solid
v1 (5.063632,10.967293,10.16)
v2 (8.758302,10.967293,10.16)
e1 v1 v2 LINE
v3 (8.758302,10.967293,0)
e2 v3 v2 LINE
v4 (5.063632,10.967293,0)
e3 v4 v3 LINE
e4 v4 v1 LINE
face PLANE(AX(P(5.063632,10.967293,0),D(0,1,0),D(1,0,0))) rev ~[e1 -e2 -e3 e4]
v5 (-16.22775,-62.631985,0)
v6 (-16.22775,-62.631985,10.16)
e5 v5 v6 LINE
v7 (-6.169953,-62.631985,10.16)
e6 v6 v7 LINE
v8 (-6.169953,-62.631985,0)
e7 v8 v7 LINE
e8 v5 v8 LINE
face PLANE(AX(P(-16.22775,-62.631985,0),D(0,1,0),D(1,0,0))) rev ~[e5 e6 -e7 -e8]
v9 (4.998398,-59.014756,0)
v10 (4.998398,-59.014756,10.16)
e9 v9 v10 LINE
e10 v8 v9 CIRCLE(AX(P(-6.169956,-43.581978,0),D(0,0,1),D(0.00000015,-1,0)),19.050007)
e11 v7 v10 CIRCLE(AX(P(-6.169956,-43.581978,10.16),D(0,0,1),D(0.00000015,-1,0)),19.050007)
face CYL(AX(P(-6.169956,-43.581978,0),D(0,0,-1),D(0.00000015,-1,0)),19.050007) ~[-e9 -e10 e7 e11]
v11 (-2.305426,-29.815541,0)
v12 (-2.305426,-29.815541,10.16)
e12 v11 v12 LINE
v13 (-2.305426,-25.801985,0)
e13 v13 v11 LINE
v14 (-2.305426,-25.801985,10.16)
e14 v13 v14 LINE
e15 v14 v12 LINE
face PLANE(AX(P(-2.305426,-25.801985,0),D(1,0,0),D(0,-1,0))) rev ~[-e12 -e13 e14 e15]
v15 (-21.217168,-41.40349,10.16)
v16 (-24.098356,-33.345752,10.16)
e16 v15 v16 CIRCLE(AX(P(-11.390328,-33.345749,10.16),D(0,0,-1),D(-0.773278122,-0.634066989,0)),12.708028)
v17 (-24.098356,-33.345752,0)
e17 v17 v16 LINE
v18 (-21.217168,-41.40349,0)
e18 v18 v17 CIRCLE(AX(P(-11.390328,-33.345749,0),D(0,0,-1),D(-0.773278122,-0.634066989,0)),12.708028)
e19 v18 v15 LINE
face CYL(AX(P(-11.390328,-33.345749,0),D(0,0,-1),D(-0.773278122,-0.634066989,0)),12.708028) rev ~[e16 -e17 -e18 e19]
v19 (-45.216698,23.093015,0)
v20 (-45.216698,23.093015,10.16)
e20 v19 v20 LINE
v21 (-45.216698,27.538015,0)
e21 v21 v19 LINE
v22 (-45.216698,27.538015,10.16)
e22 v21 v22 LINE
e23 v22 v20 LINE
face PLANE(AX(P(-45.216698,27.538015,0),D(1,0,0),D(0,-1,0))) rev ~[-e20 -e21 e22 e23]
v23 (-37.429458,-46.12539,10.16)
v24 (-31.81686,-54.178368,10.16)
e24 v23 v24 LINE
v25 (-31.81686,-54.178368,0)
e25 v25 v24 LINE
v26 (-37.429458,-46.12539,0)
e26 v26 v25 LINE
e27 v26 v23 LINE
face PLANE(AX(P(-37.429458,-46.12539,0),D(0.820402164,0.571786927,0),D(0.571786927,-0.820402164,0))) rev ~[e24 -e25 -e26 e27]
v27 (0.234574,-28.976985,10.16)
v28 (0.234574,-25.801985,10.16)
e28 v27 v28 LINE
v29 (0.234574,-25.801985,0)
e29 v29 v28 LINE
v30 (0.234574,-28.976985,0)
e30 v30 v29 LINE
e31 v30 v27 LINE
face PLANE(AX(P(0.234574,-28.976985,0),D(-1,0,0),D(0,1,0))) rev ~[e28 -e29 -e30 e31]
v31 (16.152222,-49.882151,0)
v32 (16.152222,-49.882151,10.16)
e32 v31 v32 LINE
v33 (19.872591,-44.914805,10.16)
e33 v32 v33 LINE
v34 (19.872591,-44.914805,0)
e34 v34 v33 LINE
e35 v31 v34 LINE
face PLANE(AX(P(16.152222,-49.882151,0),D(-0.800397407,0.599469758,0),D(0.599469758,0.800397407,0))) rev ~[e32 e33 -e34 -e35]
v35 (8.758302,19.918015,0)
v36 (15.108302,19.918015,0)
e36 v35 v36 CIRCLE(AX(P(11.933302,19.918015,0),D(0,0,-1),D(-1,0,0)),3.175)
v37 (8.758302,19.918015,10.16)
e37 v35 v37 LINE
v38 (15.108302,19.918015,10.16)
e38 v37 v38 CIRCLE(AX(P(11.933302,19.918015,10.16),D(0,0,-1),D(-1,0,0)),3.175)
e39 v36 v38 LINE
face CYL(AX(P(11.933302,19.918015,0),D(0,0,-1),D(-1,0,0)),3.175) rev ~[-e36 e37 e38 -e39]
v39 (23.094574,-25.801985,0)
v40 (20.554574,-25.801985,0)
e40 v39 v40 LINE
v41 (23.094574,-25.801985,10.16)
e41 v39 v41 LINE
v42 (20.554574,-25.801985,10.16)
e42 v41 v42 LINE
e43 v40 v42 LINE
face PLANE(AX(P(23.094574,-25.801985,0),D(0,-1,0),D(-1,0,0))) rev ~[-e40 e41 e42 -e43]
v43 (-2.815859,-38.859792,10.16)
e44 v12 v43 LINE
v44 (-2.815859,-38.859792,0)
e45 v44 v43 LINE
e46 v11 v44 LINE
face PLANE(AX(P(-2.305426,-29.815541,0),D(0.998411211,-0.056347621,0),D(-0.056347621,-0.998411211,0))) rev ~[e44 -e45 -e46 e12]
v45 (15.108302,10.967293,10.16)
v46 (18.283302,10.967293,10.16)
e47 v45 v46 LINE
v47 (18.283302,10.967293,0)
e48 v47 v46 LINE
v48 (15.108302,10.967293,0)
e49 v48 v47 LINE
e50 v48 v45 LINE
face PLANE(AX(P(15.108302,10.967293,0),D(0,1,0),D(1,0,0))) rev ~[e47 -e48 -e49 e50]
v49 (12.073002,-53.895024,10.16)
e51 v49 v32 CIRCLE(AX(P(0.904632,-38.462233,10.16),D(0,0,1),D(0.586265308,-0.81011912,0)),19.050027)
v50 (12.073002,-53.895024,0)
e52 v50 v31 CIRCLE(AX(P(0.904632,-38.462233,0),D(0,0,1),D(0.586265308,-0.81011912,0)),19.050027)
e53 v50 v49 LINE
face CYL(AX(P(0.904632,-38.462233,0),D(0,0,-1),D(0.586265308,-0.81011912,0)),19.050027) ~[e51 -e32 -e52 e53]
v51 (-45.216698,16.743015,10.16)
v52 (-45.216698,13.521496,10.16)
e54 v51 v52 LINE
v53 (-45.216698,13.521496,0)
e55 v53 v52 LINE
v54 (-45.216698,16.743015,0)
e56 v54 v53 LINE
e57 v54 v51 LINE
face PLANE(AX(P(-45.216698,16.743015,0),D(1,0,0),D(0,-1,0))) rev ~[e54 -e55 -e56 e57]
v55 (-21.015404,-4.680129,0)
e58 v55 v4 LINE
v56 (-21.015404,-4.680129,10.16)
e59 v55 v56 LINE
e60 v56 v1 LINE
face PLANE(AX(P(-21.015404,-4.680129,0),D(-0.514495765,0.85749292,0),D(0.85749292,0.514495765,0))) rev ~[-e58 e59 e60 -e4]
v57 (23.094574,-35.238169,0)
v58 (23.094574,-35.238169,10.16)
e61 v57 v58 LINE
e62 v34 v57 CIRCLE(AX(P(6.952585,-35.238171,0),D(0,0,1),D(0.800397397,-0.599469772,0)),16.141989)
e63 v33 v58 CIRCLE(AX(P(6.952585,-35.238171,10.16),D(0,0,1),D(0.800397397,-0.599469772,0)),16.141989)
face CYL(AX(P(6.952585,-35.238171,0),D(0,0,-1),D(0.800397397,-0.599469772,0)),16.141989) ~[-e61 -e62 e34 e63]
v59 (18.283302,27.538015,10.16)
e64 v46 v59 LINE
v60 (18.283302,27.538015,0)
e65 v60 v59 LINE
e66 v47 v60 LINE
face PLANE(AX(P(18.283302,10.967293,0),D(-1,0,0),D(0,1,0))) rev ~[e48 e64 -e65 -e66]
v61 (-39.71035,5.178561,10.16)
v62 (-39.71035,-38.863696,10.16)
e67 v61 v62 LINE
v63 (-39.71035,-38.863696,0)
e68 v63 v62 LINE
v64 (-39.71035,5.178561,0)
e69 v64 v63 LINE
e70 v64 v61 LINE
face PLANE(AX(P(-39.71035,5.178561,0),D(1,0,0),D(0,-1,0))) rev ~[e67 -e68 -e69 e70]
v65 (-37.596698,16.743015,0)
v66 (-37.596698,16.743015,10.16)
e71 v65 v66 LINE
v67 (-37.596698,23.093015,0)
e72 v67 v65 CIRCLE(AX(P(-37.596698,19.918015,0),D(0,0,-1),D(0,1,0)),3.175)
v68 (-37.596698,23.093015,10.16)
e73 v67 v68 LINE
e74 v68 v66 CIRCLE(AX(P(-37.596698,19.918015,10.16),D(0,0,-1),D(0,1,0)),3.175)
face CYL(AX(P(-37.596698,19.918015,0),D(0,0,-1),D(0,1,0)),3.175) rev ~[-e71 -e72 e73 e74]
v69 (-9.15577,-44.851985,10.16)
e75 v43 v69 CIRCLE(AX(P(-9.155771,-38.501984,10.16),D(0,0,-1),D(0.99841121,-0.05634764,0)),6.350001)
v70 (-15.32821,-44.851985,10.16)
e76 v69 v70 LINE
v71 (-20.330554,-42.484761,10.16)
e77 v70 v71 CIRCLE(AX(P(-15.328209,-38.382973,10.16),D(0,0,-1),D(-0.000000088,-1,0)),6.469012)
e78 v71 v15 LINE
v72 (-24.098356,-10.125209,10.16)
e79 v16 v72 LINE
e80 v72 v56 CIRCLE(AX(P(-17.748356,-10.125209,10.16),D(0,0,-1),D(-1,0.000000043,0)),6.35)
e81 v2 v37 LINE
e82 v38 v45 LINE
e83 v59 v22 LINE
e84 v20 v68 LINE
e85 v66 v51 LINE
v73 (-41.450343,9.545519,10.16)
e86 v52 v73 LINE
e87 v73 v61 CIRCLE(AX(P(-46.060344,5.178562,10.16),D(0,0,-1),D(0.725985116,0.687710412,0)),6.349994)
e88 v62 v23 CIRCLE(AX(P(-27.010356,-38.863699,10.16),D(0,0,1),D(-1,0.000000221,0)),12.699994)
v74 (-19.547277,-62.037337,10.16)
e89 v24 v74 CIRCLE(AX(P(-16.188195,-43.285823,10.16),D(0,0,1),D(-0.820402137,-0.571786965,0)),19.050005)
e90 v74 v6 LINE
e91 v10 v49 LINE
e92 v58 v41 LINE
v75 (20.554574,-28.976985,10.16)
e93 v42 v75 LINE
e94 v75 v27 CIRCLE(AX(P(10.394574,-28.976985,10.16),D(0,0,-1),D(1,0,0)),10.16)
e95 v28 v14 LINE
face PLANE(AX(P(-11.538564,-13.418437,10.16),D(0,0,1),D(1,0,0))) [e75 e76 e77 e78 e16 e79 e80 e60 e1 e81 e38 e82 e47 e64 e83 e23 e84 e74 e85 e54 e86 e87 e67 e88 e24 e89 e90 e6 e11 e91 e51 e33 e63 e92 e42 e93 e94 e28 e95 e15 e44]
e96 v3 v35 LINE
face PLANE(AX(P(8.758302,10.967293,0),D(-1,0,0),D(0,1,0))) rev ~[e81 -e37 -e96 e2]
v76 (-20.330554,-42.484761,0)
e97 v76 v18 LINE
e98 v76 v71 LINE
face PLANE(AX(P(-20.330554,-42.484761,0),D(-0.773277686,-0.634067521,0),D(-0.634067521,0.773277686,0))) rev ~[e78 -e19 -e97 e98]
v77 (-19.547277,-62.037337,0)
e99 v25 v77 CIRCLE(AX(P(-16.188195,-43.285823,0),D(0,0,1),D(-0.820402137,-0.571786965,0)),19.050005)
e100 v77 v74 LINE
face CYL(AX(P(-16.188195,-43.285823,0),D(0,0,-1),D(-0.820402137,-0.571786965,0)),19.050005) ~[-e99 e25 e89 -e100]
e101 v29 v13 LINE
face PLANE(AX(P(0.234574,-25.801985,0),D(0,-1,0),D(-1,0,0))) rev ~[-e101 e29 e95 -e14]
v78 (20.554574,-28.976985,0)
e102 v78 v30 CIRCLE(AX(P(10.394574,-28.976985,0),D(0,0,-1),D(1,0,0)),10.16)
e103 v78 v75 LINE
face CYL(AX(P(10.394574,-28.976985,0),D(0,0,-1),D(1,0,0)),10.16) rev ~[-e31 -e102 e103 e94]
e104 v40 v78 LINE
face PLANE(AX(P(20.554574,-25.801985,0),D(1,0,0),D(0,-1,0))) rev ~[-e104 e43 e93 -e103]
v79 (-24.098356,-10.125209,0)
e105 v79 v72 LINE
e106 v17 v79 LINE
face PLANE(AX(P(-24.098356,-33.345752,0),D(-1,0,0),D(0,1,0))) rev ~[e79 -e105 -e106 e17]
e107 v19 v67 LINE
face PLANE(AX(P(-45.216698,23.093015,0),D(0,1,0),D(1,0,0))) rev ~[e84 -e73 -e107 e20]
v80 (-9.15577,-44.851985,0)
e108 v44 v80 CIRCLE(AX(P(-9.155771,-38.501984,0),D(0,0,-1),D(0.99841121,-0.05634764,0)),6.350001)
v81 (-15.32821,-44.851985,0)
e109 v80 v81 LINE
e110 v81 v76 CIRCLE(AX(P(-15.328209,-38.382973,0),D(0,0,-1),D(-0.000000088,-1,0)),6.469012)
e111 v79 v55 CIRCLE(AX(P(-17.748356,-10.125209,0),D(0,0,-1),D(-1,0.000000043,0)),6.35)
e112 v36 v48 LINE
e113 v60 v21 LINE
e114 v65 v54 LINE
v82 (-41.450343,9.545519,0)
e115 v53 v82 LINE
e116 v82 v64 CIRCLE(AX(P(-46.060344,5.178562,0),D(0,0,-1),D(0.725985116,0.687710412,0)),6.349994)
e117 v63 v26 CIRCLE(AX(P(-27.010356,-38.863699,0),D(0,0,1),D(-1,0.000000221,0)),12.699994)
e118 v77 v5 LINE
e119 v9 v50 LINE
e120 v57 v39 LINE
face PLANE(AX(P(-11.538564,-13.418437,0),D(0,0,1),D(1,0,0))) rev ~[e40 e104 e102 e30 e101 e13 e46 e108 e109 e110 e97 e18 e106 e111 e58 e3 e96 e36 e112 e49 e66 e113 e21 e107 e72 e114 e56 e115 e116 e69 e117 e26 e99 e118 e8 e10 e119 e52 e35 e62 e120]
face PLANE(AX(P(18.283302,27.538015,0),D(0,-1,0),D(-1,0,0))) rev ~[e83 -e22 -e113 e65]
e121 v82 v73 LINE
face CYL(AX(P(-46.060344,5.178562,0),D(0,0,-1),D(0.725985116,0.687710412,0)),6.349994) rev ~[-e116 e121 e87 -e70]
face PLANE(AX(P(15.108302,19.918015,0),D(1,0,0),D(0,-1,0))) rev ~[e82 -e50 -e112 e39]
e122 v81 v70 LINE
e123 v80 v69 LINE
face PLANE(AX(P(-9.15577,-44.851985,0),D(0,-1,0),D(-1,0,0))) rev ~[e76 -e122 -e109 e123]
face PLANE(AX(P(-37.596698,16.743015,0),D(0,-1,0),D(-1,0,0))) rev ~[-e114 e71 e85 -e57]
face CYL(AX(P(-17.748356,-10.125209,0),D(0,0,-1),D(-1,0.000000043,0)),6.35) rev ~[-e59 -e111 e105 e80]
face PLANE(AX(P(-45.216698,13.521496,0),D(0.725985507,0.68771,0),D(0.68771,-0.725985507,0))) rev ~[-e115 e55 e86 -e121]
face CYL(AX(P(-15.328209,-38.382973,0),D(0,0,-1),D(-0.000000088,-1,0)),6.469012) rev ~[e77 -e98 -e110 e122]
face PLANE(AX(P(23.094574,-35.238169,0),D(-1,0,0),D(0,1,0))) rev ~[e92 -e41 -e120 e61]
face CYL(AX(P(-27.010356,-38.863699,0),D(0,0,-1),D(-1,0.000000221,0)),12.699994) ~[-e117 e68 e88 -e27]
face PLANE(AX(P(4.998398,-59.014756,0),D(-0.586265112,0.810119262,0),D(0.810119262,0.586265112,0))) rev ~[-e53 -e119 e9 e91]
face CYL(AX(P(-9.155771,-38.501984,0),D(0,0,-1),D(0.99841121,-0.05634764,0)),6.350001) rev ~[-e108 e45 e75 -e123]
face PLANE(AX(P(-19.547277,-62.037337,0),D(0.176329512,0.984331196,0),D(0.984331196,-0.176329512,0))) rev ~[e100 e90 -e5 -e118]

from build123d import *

# Parameters (mm, degrees)
F1_DEPTH = 10.16


with BuildPart() as f1:
    # F0 (on Top) → F1 (new body)
    with BuildSketch(Plane.XY):
        with BuildLine():
            Line((18.283302, 27.538015), (-45.216698, 27.538015))
            Line((-45.216698, 27.538015), (-45.216698, 23.093015))
            Line((-45.216698, 23.093015), (-37.596698, 23.093015))
            ThreePointArc((-37.596698, 23.093015), (-34.421698, 19.918015), (-37.596698, 16.743015))
            Line((-37.596698, 16.743015), (-45.216698, 16.743015))
            Line((-45.216698, 16.743015), (-45.216698, 13.521496))
            Line((-45.216698, 13.521496), (-41.450343, 9.545519))
            ThreePointArc((-41.450343, 9.545519), (-40.161365, 7.528981), (-39.71035, 5.178561))
            Line((-39.71035, 5.178561), (-39.71035, 0))
            Line((-39.71035, 0), (-39.71035, -11.935322))
            Line((-39.71035, -11.935322), (-39.71035, -38.863696))
            ThreePointArc((-39.71035, -38.863696), (-39.126717, -42.669437), (-37.429458, -46.12539))
            Line((-37.429458, -46.12539), (-31.81686, -54.178368))
            ThreePointArc((-31.81686, -54.178368), (-26.46314, -59.327276), (-19.547277, -62.037337))
            Line((-19.547277, -62.037337), (-16.22775, -62.631985))
            Line((-16.22775, -62.631985), (-6.169953, -62.631985))
            ThreePointArc((-6.169953, -62.631985), (-0.300192, -61.70513), (4.998398, -59.014756))
            Line((4.998398, -59.014756), (12.073002, -53.895024))
            ThreePointArc((12.073002, -53.895024), (14.264142, -52.042624), (16.152222, -49.882151))
            Line((16.152222, -49.882151), (19.872591, -44.914805))
            ThreePointArc((19.872591, -44.914805), (22.267911, -40.337641), (23.094574, -35.238169))
            Line((23.094574, -35.238169), (23.094574, -25.801985))
            Line((23.094574, -25.801985), (20.554574, -25.801985))
            Line((20.554574, -25.801985), (20.554574, -28.976985))
            ThreePointArc((20.554574, -28.976985), (10.394574, -39.136985), (0.234574, -28.976985))
            Line((0.234574, -28.976985), (0.234574, -25.801985))
            Line((0.234574, -25.801985), (-2.305426, -25.801985))
            Line((-2.305426, -25.801985), (-2.305426, -29.815541))
            Line((-2.305426, -29.815541), (-2.815859, -38.859792))
            ThreePointArc((-2.815859, -38.859792), (-4.79398, -43.116883), (-9.15577, -44.851985))
            Line((-9.15577, -44.851985), (-15.32821, -44.851985))
            ThreePointArc((-15.32821, -44.851985), (-18.095302, -44.230307), (-20.330554, -42.484761))
            Line((-20.330554, -42.484761), (-21.217168, -41.40349))
            ThreePointArc((-21.217168, -41.40349), (-23.356399, -37.624431), (-24.098356, -33.345752))
            Line((-24.098356, -33.345752), (-24.098356, -10.125209))
            ThreePointArc((-24.098356, -10.125209), (-23.274125, -6.996571), (-21.015404, -4.680129))
            Line((-21.015404, -4.680129), (5.063632, 10.967293))
            Line((5.063632, 10.967293), (8.758302, 10.967293))
            Line((8.758302, 10.967293), (8.758302, 19.918015))
            ThreePointArc((8.758302, 19.918015), (11.933302, 23.093015), (15.108302, 19.918015))
            Line((15.108302, 19.918015), (15.108302, 10.967293))
            Line((15.108302, 10.967293), (18.283302, 10.967293))
            Line((18.283302, 10.967293), (18.283302, 23.795817))
            Line((18.283302, 23.795817), (18.283302, 27.538015))
        make_face()
    extrude(amount=F1_DEPTH)


solid = f1.part
